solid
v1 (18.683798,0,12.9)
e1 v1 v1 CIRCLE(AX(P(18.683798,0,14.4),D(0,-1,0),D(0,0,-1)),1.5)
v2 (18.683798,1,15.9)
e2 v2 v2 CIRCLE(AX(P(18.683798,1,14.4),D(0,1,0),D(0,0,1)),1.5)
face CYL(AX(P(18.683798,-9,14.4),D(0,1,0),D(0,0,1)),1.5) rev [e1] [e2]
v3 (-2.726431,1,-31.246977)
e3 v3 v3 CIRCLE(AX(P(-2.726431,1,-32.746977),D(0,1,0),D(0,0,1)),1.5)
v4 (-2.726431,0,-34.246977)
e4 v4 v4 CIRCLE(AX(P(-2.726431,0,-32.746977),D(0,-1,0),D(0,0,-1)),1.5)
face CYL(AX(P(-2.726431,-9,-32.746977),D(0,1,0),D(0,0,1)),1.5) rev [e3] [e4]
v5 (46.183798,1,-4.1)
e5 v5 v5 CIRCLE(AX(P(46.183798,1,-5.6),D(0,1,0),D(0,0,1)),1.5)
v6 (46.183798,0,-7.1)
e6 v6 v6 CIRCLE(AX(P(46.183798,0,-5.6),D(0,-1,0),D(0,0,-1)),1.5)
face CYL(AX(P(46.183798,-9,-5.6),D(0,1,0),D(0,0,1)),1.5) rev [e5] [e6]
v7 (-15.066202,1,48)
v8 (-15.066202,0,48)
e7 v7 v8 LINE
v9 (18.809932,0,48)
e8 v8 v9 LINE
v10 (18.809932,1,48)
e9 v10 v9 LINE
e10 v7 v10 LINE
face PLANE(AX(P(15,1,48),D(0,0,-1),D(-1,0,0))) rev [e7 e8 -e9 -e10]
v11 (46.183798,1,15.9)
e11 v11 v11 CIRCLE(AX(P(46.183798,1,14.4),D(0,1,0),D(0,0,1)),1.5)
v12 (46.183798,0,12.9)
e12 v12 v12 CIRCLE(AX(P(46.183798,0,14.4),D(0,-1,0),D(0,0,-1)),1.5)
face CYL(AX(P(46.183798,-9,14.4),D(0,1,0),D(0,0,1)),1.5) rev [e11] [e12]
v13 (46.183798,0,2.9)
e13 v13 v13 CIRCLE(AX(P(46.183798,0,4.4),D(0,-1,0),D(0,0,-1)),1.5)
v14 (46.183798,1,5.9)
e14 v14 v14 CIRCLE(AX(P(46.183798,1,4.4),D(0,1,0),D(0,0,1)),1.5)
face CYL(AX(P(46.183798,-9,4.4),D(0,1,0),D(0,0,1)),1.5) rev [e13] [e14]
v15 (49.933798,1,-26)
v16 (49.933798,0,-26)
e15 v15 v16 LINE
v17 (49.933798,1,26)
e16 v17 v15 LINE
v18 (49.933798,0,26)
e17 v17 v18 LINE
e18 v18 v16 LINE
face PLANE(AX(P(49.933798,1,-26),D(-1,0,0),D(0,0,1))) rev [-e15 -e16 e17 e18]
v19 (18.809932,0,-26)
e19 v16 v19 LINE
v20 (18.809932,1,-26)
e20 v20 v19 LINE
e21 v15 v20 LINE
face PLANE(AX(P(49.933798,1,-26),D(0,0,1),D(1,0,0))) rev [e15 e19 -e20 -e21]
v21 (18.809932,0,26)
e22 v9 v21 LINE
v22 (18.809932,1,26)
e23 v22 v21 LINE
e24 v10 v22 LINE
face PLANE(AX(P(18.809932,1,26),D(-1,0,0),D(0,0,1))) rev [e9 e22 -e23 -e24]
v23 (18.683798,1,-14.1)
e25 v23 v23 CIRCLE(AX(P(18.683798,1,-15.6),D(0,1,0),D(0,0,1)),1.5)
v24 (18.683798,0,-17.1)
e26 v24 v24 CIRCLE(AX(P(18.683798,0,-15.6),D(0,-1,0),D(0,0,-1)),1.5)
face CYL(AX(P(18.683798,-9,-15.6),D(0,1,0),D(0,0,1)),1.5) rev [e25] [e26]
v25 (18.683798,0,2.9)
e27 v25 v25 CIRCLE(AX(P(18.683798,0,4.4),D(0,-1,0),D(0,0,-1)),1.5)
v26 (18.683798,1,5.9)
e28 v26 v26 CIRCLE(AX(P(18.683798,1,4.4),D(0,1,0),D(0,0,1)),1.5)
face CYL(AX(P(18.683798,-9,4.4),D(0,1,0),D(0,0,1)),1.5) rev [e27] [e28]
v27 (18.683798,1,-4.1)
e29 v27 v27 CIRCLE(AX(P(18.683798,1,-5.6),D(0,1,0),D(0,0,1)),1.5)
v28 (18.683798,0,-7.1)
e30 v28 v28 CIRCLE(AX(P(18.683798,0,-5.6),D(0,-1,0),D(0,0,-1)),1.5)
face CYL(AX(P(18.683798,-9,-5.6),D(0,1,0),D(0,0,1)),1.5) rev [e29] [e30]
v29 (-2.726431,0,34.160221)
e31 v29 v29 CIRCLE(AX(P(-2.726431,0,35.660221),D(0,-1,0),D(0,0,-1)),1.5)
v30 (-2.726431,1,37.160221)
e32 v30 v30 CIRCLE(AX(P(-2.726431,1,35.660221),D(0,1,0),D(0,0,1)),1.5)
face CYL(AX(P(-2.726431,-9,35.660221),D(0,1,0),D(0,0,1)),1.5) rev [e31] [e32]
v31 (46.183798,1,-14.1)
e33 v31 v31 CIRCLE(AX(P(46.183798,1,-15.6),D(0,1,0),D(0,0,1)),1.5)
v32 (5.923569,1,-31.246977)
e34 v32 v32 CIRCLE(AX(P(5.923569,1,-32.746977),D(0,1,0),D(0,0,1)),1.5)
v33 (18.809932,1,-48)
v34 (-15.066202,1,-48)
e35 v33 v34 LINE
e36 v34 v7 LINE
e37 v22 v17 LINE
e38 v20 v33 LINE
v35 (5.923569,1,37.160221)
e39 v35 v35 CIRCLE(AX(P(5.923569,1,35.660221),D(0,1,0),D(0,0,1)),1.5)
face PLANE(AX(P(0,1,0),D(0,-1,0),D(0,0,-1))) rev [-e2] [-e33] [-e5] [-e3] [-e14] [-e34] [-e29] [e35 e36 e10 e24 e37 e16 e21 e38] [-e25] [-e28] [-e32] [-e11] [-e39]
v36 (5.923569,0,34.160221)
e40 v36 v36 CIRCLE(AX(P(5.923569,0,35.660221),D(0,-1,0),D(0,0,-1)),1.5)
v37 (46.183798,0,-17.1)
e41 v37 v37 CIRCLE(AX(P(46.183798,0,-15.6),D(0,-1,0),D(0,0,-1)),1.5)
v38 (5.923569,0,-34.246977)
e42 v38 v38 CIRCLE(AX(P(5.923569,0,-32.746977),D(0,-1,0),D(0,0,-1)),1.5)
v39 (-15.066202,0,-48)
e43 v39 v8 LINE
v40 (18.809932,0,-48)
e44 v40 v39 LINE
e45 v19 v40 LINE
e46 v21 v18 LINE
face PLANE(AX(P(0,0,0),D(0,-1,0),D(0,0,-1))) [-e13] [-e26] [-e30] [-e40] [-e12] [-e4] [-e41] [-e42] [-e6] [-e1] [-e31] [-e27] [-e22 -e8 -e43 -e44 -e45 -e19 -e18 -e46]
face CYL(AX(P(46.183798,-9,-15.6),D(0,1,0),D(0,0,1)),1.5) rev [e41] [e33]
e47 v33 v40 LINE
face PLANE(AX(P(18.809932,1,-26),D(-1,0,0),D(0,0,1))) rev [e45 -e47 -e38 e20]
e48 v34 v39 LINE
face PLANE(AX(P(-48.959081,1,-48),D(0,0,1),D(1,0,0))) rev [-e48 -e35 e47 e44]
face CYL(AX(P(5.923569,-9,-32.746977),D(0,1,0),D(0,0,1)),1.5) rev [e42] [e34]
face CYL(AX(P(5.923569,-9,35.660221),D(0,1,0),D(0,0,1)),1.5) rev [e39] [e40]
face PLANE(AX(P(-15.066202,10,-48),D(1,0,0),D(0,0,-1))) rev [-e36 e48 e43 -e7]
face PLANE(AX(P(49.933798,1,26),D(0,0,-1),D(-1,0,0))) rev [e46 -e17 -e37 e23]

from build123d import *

# Parameters (mm, degrees)
SKETCH_1_W          = 17.893001423
SKETCH_1_H          = 11.620982588
SKETCH_1_H_2        = 11.620982589
EXTRUDE_1_DEPTH     = 1
SKETCH_2_R          = 1.5
CUT_EXTRUDE_1_DEPTH = 10
SKETCH_3_R          = 1.5
CUT_EXTRUDE_2_DEPTH = 10
SKETCH_4_W          = 33.892879225
SKETCH_4_H          = 96
CUT_EXTRUDE_3_DEPTH = 10


with BuildPart() as part:
    # Эскиз1 → Бобышка-Вытянуть1 (new body)
    with BuildSketch(Plane(origin=(0, 0, 0), x_dir=(1, 0, 0), z_dir=(0, 1, 0))):
        Polygon((49.933797981, 26), (18.809932441, 26), (18.809932441, 48), (15, 48), (-48.959081244, 48), (-48.959081244, -48), (15, -48), (18.809932441, -48), (18.809932441, -26), (49.933797981, -26), align=None)
        with Locations((-36.319088007, -31.12001489)):
            Rectangle(SKETCH_1_W, SKETCH_1_H, mode=Mode.SUBTRACT)
        with Locations((-36.319088007, 31.12001489)):
            Rectangle(SKETCH_1_W, SKETCH_1_H_2, mode=Mode.SUBTRACT)
    extrude(amount=EXTRUDE_1_DEPTH)

    # Эскиз2 → Вырез-Вытянуть1 (cut)
    with BuildSketch(Plane(origin=(0, 1, 0), x_dir=(1, 0, 0), z_dir=(0, 1, 0))):
        with Locations(Location((46.183797981, -14.4, 0), (0, 0, 270))):
            Circle(SKETCH_2_R)
        with Locations(Location((18.683797981, -14.4, 0), (0, 0, 270))):
            Circle(SKETCH_2_R)
        with Locations(Location((18.683797981, -4.4, 0), (0, 0, 270))):
            Circle(SKETCH_2_R)
        with Locations(Location((46.183797981, -4.4, 0), (0, 0, 270))):
            Circle(SKETCH_2_R)
        with Locations(Location((18.683797981, 5.6, 0), (0, 0, 270))):
            Circle(SKETCH_2_R)
        with Locations(Location((46.183797981, 5.6, 0), (0, 0, 270))):
            Circle(SKETCH_2_R)
        with Locations(Location((18.683797981, 15.6, 0), (0, 0, 270))):
            Circle(SKETCH_2_R)
        with Locations(Location((46.183797981, 15.6, 0), (0, 0, 270))):
            Circle(SKETCH_2_R)
    extrude(amount=-CUT_EXTRUDE_1_DEPTH, mode=Mode.SUBTRACT)

    # Эскиз3 → Вырез-Вытянуть2 (cut)
    with BuildSketch(Plane(origin=(0, 1, 0), x_dir=(1, 0, 0), z_dir=(0, 1, 0))):
        with Locations(Location((5.923569009, 32.746976788, 0), (0, 0, 270))):
            Circle(SKETCH_3_R)
        with Locations(Location((-2.726430991, 32.746976788, 0), (0, 0, 270))):
            Circle(SKETCH_3_R)
        with Locations(Location((-2.726430991, -35.660220789, 0), (0, 0, 270))):
            Circle(SKETCH_3_R)
        with Locations(Location((5.923569009, -35.660220789, 0), (0, 0, 270))):
            Circle(SKETCH_3_R)
    extrude(amount=-CUT_EXTRUDE_2_DEPTH, mode=Mode.SUBTRACT)

    # Эскиз4 → Вырез-Вытянуть3 (cut)
    with BuildSketch(Plane.XZ):
        with Locations((-32.012641632, 0)):
            Rectangle(SKETCH_4_W, SKETCH_4_H)
    extrude(amount=-CUT_EXTRUDE_3_DEPTH, mode=Mode.SUBTRACT)


solid = part.part
